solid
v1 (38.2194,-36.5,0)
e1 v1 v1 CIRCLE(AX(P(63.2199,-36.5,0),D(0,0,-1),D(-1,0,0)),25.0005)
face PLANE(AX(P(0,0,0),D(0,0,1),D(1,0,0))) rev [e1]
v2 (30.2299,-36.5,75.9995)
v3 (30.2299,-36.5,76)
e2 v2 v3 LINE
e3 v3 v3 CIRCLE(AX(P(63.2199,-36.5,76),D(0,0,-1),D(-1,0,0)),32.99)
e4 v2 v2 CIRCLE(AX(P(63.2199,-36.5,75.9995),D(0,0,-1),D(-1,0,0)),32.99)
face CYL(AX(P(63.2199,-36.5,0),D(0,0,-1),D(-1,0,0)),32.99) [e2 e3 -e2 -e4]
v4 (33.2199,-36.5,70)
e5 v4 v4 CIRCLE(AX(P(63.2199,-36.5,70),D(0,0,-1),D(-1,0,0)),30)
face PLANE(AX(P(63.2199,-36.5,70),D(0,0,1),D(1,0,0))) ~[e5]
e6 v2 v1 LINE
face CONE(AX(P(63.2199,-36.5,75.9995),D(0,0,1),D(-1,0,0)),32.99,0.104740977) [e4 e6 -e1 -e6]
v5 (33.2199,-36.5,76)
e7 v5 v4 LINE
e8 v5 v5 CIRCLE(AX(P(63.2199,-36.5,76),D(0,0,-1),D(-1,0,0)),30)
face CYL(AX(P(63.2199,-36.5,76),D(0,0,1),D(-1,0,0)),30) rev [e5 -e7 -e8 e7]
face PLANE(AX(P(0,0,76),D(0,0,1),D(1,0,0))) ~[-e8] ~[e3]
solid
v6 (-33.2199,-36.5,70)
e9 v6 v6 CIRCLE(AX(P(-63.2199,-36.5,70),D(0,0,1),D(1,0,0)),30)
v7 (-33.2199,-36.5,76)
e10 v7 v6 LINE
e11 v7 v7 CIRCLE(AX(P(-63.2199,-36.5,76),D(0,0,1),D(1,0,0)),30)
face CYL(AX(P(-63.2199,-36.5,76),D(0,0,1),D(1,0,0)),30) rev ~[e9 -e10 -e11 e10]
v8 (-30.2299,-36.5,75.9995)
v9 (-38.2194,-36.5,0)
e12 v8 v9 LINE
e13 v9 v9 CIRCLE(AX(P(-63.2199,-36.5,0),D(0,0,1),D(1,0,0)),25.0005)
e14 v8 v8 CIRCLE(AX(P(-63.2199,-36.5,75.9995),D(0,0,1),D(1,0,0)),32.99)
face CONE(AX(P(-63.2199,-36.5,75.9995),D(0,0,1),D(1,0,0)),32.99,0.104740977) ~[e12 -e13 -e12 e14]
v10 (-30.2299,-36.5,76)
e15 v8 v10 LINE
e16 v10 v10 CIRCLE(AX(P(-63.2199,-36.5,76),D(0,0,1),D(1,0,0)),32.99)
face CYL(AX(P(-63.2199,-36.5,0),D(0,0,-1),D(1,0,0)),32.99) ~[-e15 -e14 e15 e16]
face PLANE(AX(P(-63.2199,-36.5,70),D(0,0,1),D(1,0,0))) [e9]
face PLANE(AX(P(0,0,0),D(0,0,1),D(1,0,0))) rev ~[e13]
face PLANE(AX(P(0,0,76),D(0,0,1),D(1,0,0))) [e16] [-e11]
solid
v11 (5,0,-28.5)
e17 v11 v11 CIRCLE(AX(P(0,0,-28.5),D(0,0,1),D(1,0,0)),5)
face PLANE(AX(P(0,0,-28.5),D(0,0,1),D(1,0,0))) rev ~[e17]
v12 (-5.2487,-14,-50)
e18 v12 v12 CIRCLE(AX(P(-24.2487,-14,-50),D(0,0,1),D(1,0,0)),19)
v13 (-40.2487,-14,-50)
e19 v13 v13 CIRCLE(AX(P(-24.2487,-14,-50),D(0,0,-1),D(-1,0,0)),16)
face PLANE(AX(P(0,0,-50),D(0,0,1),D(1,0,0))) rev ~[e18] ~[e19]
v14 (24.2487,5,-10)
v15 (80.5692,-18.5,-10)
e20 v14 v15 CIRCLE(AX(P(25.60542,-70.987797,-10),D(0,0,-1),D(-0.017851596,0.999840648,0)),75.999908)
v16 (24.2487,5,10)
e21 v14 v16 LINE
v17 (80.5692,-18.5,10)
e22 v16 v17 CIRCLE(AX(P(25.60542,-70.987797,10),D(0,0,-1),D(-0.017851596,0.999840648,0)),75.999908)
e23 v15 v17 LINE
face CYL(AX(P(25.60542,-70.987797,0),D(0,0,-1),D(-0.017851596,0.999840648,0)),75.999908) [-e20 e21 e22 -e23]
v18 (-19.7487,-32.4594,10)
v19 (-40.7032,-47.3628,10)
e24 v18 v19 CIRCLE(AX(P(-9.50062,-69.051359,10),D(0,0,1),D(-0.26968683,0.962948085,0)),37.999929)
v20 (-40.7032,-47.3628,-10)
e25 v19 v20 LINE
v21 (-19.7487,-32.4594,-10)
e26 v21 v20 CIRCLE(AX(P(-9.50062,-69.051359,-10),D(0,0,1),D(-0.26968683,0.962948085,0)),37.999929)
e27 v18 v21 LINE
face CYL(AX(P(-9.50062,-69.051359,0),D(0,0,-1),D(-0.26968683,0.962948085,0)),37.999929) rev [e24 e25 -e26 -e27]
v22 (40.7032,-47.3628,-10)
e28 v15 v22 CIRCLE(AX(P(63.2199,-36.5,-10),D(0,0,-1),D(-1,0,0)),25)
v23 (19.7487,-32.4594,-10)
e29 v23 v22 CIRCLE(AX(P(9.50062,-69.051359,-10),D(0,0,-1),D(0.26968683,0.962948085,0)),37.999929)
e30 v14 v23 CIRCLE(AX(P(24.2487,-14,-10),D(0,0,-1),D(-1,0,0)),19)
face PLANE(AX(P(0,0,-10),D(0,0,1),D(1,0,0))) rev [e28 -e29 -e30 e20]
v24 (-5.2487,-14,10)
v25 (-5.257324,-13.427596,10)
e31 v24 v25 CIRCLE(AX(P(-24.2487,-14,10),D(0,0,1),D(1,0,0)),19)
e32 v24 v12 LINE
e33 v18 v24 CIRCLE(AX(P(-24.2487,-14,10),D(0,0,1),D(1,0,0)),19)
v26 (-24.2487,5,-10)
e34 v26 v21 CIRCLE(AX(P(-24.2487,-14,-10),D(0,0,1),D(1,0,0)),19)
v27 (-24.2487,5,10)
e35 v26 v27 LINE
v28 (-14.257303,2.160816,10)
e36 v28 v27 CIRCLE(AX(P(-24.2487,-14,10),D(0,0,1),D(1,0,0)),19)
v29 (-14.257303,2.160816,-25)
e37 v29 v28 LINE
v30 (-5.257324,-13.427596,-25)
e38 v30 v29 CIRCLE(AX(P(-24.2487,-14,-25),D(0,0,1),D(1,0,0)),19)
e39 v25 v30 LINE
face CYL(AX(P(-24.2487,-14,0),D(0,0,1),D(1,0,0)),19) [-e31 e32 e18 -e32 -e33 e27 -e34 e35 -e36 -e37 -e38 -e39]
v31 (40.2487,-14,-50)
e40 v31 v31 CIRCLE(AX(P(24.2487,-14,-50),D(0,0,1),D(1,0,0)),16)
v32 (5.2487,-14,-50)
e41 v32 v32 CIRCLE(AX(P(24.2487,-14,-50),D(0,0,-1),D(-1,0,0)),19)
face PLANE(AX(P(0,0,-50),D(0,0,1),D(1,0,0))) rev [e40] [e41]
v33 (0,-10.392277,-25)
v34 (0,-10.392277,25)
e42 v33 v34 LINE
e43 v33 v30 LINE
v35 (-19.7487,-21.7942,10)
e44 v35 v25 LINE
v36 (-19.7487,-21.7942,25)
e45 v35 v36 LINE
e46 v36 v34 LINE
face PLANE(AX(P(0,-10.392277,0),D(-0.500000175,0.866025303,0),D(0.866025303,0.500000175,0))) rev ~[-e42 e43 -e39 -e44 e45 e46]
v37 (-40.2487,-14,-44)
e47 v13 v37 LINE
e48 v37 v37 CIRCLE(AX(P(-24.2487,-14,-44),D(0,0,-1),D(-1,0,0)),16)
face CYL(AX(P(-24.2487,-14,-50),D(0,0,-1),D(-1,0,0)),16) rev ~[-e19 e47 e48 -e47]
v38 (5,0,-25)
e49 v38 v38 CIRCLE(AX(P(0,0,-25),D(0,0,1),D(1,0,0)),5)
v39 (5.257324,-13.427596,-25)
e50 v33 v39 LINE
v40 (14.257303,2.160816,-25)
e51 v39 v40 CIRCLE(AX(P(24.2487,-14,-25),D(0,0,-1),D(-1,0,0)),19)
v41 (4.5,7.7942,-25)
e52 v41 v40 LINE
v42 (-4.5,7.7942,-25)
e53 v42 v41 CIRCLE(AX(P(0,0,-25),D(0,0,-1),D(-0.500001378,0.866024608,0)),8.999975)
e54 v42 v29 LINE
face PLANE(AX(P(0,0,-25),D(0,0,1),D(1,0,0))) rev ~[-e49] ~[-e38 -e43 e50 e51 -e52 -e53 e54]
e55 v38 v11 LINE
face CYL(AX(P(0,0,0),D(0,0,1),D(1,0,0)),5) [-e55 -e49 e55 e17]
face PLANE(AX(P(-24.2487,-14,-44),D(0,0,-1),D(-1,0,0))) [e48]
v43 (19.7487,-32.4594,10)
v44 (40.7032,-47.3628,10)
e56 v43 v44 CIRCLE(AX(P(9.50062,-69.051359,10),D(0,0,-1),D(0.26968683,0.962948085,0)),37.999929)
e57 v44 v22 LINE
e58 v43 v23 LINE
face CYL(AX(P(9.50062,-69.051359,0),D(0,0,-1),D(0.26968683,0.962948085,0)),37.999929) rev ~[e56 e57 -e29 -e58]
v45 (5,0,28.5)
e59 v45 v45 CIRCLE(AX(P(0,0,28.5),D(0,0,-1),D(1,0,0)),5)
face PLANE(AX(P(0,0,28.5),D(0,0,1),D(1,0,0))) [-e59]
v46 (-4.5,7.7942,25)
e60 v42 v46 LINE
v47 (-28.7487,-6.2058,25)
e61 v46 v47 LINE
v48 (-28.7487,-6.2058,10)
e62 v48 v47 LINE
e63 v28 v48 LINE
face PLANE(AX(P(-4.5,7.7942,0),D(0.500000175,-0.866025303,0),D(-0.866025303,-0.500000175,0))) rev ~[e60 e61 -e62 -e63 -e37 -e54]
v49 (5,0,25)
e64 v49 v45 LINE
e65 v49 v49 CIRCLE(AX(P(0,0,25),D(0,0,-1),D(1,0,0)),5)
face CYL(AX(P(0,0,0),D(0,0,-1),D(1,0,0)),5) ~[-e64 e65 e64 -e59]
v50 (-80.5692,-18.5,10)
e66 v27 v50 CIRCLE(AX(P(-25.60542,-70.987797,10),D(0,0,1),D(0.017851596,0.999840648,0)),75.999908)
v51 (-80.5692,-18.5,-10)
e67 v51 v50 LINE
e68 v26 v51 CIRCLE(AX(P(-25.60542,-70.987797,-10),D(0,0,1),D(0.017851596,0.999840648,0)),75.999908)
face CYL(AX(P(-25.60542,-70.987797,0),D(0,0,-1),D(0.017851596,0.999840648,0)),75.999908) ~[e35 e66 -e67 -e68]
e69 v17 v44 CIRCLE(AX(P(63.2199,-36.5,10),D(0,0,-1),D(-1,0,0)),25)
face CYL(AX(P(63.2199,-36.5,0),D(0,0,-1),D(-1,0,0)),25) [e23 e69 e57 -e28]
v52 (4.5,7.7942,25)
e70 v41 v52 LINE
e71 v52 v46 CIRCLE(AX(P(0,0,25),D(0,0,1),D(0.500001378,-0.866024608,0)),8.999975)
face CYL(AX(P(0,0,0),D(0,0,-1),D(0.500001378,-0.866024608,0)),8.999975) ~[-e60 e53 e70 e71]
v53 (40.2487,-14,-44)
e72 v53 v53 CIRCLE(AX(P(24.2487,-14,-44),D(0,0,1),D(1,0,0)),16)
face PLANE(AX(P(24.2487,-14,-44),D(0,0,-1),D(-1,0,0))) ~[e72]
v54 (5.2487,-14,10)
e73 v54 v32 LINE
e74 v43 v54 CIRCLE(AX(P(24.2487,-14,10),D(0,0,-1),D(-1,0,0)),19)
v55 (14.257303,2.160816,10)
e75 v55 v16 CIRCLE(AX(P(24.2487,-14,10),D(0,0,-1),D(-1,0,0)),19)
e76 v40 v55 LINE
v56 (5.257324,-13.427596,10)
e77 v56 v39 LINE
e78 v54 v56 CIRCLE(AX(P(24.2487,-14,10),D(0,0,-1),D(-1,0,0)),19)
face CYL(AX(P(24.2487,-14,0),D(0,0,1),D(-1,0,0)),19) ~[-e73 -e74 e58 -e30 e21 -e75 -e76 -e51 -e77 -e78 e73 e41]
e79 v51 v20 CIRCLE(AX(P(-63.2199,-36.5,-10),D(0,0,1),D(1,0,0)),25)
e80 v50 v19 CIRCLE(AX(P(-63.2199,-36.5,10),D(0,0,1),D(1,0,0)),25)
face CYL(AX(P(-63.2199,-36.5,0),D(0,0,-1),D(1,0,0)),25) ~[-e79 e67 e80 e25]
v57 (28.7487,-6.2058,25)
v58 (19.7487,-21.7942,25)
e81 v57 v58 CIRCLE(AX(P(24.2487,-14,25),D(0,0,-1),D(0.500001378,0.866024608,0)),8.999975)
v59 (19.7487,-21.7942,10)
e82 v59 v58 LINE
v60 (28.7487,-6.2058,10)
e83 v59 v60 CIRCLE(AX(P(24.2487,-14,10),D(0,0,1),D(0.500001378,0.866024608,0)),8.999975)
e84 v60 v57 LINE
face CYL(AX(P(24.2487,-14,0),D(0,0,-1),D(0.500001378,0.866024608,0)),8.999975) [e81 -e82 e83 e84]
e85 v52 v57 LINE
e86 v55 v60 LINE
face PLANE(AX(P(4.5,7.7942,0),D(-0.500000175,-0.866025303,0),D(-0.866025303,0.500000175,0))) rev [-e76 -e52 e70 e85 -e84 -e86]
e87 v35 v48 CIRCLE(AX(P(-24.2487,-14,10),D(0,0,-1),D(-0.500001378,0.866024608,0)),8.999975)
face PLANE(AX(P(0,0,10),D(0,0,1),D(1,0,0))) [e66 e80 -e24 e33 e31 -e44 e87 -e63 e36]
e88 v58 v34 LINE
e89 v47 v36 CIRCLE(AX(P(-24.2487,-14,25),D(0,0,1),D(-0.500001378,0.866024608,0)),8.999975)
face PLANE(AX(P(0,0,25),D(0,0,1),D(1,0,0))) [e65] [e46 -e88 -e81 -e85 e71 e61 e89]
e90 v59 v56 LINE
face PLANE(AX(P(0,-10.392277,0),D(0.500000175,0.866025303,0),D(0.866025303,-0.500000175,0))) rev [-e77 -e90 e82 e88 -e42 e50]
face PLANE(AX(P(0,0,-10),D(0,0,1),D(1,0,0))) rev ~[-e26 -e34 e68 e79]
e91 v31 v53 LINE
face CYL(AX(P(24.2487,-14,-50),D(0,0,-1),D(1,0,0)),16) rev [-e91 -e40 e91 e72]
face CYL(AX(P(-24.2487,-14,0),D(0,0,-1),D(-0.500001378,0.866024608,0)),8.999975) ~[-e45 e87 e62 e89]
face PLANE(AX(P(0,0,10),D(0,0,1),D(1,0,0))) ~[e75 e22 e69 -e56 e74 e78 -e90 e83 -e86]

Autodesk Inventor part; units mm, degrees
ref_plane "YZ Plane" through (0, 0, 0) normal (1, 0, 0) x (0, 1, 0)
ref_plane "XZ Plane" through (0, 0, 0) normal (0, 1, 0) x (-1, 0, 0)
ref_plane "XY Plane" through (0, 0, 0) normal (0, 0, 1) x (1, 0, 0)
sketch "Szkic1" plane through (0, 0, 0) normal (0, 0, 1) x (1, 0, 0)
  circle A0 centre (0, 0) radius 5
  line L0 (0, 0) -> (-108.8243, -62.8298)
  line L1 (0, 0) -> (125.6595, 0) construction
  line L2 (0, 0) -> (0, -14)
  line L3 (0, -14) -> (-24.2487, -14)
  line L4 (-24.2487, -14) -> (-32.0429, -18.5)
  line L5 (-32.0429, -18.5) -> (-32.0429, -18.5)
  line L6 (-36.5429, -10.7058) -> (-32.0429, -18.5)
  line L7 (0, 0) -> (7.7942, 4.5)
  line L8 (7.7942, 4.5) -> (7.7942, 4.5)
  line L9 (12.2942, -3.2942) -> (7.7942, 4.5)
  line L10 (-4.5, 7.7942) -> (-28.7487, -6.2058)
  line L11 (-19.7487, -21.7942) -> (4.5, -7.7942)
  arc A1 (4.5, -7.7942) -> (7.7942, 4.5) centre (0, 0) ccw
  arc A2 (-32.0429, -18.5) -> (-19.7487, -21.7942) centre (-24.2487, -14) ccw
  arc A3 (-28.7487, -6.2058) -> (-32.0429, -18.5) centre (-24.2487, -14) ccw
  arc A4 (7.7942, 4.5) -> (-4.5, 7.7942) centre (0, 0) ccw
  point P0 (-27.5429, -26.2942)
  point P1 (3.2942, 12.2942)
  dimension "d0" = 10
  dimension "d1" = 150
  dimension "d2" = 14
  dimension "d3" = 9
  dimension "d4" = 9
  dimension "d5" = 18
  dimension "d6" = 9
  dimension "d7" = 9
  dimension "d8" = 18
  dimension "d9" = 9
extrude "Wyciągnięcie proste1" add sketch "Szkic1" along normal mid plane 50 contours A0 L7 A1 L11 L2 | A0 L0 A3 L10 A4 L7 | L2 L11 L3 L0 A0 | L3 L11 A2 L0
sketch "Szkic2" plane through (0, 0, 0) normal (0, 0, 1) x (1, 0, 0)
  circle A0 centre (0, 0) radius 5
extrude "Wyciągnięcie proste2" add sketch "Szkic2" along normal mid plane 57
sketch "Szkic3" plane through (0, 0, 0) normal (0, 0, 1) x (1, 0, 0)
  arc A0 (-28.7487, -6.2058) -> (-19.7487, -21.7942) centre (-24.2487, -14) ccw projected
  circle A1 centre (-24.2487, -14) radius 19
  point P0 (0, 0)
  dimension "d14" = 38
extrude "Wyciągnięcie proste3" add sketch "Szkic3" along normal blind 10 and the other way blind 50
sketch "Szkic4" plane through (0, 0, 0) normal (0, 0, 1) x (1, 0, 0)
  arc A0 (-28.7487, -6.2058) -> (-19.7487, -21.7942) centre (-24.2487, -14) ccw projected
  circle A1 centre (-24.2487, -14) radius 19
  circle A2 centre (0, 0) radius 5 projected
  line L0 (0, 0) -> (141.5882, 0) construction
  arc A3 (-14.2573, 2.1608) -> (-5.2573, -13.4276) centre (-24.2487, -14) ccw projected
  line L1 (-24.2487, -14) -> (-63.2199, -36.5)
  circle A4 centre (-63.2199, -36.5) radius 25
  arc A5 (-24.2487, 5) -> (-80.5692, -18.5) centre (-25.6054, -70.9879) ccw
  arc A6 (-19.7487, -32.4594) -> (-40.7032, -47.3628) centre (-9.5006, -69.0514) ccw
  point P0 (-19.7487, -32.4594)
  point P1 (-24.2487, 5)
  dimension "d20" = 45
  dimension "d21" = 50
  dimension "d22" = 76
  dimension "d24" = 38
extrude "Wyciągnięcie proste4" add sketch "Szkic4" along normal mid plane 20 contours A1 | A6 A4 L1 A1 | L1 A4 A5 A1 | A4
sketch "Szkic5" plane through (0, 0, 0) normal (0, 0, 1) x (1, 0, 0)
  arc A0 (-80.5692, -18.5) -> (-40.7032, -47.3628) centre (-63.2199, -36.5) ccw projected
  circle A1 centre (-63.2199, -36.5) radius 32.99
  point P0 (0, 0)
  dimension "d39" = 65.98
extrude "Wyciągnięcie proste7" add sketch "Szkic5" along normal blind 76 separate body
chamfer "Faza1" distance 76 distance2 7.99 1 edges at (-96.2099, -36.5, 0) measured on face at (-30.3368, -39.1546, 50.6667)
sketch "Szkic7" plane through (-63.2199, -36.5, 76) normal (0, 0, 1) x (1, 0, 0)
  circle A0 centre (0, 0) radius 30
  point P0 (63.2199, 36.5)
  dimension "d45" = 60
extrude "Wyciągnięcie proste8" cut sketch "Szkic7" against normal blind 6 bodies 2
sketch "Szkic8" plane through (-24.2487, -14, -50) normal (0, 0, -1) x (-1, 0, 0)
  circle A0 centre (0, 0) radius 16
  point P0 (-24.2487, 14)
  dimension "d48" = 32
extrude "Wyciągnięcie proste9" cut sketch "Szkic8" against normal blind 6 bodies 1
mirror "Odbij1" about plane through (0, 0, 0) normal (1, 0, 0) bodies 2 1
